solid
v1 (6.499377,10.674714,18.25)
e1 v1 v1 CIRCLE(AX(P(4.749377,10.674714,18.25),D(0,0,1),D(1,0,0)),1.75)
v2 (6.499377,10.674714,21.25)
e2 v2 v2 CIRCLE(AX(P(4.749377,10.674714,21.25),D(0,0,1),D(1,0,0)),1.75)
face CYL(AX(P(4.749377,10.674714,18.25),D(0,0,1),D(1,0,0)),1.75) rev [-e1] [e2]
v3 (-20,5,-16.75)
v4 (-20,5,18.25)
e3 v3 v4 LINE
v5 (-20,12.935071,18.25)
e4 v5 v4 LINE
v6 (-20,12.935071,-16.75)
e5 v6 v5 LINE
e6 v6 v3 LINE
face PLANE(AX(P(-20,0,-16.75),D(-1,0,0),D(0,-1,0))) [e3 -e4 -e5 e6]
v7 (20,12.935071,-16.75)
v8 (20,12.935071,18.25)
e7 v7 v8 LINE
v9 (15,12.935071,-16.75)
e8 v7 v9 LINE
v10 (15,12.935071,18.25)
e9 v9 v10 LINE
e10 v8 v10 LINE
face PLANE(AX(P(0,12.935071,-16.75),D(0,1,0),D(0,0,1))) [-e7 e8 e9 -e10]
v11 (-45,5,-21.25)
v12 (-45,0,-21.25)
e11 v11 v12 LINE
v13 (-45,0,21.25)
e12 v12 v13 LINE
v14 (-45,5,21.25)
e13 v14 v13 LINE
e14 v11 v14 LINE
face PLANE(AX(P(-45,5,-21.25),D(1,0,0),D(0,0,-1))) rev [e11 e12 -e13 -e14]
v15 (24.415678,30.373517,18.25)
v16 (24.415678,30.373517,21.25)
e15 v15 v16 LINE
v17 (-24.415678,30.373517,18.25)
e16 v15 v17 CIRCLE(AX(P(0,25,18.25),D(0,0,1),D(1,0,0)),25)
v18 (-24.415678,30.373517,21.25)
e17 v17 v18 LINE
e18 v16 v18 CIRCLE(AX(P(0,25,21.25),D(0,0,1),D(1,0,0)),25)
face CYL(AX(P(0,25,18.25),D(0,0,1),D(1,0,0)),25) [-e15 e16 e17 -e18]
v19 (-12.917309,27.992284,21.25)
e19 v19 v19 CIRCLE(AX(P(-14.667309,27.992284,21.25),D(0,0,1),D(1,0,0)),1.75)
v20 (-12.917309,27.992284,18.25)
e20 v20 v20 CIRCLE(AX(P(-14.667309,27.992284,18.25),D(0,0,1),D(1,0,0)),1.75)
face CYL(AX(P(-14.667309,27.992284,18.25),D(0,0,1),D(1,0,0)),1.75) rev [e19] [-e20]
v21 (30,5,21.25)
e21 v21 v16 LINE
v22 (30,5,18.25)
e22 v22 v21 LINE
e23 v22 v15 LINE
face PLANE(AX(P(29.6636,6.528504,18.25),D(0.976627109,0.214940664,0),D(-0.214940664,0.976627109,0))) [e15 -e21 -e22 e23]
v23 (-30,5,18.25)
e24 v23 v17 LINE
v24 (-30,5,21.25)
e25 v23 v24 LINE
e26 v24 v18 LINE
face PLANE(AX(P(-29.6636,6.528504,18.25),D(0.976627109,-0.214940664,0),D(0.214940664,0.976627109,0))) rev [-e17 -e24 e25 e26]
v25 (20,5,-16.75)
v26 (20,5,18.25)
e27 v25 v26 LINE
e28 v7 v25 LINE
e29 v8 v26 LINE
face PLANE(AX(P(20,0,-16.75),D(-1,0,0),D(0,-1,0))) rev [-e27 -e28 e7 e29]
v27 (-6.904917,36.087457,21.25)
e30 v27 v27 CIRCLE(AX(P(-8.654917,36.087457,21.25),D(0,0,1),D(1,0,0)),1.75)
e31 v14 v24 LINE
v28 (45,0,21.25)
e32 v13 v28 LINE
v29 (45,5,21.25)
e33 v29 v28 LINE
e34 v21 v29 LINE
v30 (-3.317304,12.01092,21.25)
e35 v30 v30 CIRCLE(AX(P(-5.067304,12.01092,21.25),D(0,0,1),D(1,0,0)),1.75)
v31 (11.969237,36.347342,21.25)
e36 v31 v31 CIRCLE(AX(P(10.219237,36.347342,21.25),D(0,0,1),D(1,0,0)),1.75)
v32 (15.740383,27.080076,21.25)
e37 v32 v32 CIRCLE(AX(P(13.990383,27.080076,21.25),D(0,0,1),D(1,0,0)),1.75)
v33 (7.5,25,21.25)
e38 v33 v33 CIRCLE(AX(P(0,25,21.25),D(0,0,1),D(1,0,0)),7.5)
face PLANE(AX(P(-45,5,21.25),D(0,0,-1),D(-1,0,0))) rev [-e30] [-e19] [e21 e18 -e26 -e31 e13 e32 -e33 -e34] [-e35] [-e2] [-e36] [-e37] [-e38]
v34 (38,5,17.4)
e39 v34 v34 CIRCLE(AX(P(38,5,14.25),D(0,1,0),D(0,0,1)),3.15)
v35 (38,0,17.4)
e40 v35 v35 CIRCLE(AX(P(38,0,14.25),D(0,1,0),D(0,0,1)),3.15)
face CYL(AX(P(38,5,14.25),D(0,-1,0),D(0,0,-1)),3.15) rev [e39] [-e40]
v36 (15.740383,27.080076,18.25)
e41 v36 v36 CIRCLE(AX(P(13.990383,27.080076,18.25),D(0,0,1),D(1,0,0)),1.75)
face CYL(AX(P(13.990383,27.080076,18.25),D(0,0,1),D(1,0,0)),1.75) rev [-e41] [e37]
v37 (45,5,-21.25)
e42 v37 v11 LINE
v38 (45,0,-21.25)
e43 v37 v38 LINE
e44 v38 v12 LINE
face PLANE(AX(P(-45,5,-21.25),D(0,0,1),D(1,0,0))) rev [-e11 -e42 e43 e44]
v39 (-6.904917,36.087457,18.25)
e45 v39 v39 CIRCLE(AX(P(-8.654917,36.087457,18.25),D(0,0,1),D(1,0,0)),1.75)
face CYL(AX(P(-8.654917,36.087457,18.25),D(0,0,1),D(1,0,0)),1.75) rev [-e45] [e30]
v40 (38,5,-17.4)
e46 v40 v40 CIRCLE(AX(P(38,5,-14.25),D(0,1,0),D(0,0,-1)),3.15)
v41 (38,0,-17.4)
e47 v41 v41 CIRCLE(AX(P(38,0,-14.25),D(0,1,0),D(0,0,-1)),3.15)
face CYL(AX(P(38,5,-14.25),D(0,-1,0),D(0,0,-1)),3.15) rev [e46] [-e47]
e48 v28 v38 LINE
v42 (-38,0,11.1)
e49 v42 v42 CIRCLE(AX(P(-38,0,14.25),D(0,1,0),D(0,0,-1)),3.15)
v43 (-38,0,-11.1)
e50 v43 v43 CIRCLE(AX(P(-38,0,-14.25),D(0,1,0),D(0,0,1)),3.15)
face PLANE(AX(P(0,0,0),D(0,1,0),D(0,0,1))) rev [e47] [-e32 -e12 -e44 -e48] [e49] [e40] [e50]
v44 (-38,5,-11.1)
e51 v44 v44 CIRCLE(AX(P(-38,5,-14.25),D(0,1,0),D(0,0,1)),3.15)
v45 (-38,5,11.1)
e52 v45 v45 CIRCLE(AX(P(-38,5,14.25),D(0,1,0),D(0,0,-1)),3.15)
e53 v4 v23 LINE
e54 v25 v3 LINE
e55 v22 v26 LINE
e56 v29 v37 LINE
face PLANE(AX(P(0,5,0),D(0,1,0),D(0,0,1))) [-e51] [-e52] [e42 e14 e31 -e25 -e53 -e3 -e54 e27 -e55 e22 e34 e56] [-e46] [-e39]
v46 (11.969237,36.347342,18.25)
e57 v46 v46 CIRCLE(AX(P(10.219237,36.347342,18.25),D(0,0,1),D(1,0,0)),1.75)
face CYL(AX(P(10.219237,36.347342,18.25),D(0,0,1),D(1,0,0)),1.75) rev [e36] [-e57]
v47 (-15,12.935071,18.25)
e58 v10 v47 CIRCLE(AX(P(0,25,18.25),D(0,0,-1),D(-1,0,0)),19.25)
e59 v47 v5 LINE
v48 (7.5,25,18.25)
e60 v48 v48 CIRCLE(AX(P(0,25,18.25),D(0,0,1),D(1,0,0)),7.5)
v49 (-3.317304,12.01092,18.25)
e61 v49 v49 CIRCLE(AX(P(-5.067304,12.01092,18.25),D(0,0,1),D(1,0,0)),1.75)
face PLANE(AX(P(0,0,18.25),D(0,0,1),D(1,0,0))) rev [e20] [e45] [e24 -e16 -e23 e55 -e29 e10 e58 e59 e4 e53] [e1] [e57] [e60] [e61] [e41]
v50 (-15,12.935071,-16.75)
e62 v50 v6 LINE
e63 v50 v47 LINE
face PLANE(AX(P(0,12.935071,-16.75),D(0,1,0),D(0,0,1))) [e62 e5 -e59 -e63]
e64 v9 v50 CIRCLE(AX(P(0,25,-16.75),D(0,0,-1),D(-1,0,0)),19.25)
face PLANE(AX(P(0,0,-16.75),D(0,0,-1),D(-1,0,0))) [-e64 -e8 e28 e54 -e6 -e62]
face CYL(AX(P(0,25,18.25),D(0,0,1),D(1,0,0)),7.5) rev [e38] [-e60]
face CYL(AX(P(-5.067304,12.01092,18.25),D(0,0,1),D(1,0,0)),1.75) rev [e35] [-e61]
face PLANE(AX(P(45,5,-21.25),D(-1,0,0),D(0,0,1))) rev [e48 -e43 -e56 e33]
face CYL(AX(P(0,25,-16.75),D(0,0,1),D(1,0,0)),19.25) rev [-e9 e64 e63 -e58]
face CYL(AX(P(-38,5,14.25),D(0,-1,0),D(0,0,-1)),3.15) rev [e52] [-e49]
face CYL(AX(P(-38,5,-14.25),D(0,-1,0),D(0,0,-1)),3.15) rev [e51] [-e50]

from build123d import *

# Parameters (mm, degrees)
SKETCH3_W           = 90
SKETCH3_H           = 42.5
SKETCH3_R           = 3.15
BOSS_EXTRUDE1_DEPTH = 5
SKETCH4_R           = 1.75
SKETCH4_R_2         = 7.5
BOSS_EXTRUDE2_DEPTH = 3
SKETCH5_W           = 5
SKETCH5_H           = 7.935071488
BOSS_EXTRUDE3_DEPTH = 35


with BuildPart() as part:
    # Sketch3 → Boss-Extrude1 (new body)
    with BuildSketch(Plane(origin=(0, 0, 0), x_dir=(1, 0, 0), z_dir=(0, 1, 0))):
        Rectangle(SKETCH3_W, SKETCH3_H)
        with Locations(Location((-38, 14.25, 0), (0, 0, 270))):
            Circle(SKETCH3_R, mode=Mode.SUBTRACT)
        with Locations(Location((38, 14.25, 0), (0, 0, 90))):
            Circle(SKETCH3_R, mode=Mode.SUBTRACT)
        with Locations(Location((38, -14.25, 0), (0, 0, 270))):
            Circle(SKETCH3_R, mode=Mode.SUBTRACT)
        with Locations(Location((-38, -14.25, 0), (0, 0, 90))):
            Circle(SKETCH3_R, mode=Mode.SUBTRACT)
    extrude(amount=BOSS_EXTRUDE1_DEPTH)

    # Sketch4 → Boss-Extrude2 (add)
    with BuildSketch(Plane.XY.offset(21.25)):
        with BuildLine():
            Line((-30, 5), (30, 5))
            Line((30, 5), (24.415677736, 30.373516604))
            ThreePointArc((24.415677736, 30.373516604), (0, 50), (-24.415677736, 30.373516604))
            Line((-24.415677736, 30.373516604), (-30, 5))
        make_face()
        with Locations((10.21923709, 36.347341968)):
            Circle(SKETCH4_R, mode=Mode.SUBTRACT)
        with Locations((-5.067303705, 12.010919994)):
            Circle(SKETCH4_R, mode=Mode.SUBTRACT)
        with Locations((4.749376983, 10.674714152)):
            Circle(SKETCH4_R, mode=Mode.SUBTRACT)
        with Locations((0, 25)):
            Circle(SKETCH4_R_2, mode=Mode.SUBTRACT)
        with Locations((13.990382911, 27.080076467)):
            Circle(SKETCH4_R, mode=Mode.SUBTRACT)
        with Locations((-14.667309102, 27.992284383)):
            Circle(SKETCH4_R, mode=Mode.SUBTRACT)
        with Locations((-8.654917128, 36.087456884)):
            Circle(SKETCH4_R, mode=Mode.SUBTRACT)
    extrude(amount=-BOSS_EXTRUDE2_DEPTH)

    # Sketch5 → Boss-Extrude3 (add)
    with BuildSketch(Plane(origin=(0, 0, 18.25), x_dir=(-1, 0, 0), z_dir=(0, 0, -1))):
        with BuildLine():
            ThreePointArc((15, 12.935071488), (0, 5.75), (-15, 12.935071488))
            Line((-15, 12.935071488), (-15, 5))
            Line((-15, 5), (15, 5))
            Line((15, 5), (15, 12.935071488))
        make_face()
        with Locations((-17.5, 8.967535744)):
            Rectangle(SKETCH5_W, SKETCH5_H)
        with Locations((17.5, 8.967535744)):
            Rectangle(SKETCH5_W, SKETCH5_H)
    extrude(amount=BOSS_EXTRUDE3_DEPTH)


solid = part.part
